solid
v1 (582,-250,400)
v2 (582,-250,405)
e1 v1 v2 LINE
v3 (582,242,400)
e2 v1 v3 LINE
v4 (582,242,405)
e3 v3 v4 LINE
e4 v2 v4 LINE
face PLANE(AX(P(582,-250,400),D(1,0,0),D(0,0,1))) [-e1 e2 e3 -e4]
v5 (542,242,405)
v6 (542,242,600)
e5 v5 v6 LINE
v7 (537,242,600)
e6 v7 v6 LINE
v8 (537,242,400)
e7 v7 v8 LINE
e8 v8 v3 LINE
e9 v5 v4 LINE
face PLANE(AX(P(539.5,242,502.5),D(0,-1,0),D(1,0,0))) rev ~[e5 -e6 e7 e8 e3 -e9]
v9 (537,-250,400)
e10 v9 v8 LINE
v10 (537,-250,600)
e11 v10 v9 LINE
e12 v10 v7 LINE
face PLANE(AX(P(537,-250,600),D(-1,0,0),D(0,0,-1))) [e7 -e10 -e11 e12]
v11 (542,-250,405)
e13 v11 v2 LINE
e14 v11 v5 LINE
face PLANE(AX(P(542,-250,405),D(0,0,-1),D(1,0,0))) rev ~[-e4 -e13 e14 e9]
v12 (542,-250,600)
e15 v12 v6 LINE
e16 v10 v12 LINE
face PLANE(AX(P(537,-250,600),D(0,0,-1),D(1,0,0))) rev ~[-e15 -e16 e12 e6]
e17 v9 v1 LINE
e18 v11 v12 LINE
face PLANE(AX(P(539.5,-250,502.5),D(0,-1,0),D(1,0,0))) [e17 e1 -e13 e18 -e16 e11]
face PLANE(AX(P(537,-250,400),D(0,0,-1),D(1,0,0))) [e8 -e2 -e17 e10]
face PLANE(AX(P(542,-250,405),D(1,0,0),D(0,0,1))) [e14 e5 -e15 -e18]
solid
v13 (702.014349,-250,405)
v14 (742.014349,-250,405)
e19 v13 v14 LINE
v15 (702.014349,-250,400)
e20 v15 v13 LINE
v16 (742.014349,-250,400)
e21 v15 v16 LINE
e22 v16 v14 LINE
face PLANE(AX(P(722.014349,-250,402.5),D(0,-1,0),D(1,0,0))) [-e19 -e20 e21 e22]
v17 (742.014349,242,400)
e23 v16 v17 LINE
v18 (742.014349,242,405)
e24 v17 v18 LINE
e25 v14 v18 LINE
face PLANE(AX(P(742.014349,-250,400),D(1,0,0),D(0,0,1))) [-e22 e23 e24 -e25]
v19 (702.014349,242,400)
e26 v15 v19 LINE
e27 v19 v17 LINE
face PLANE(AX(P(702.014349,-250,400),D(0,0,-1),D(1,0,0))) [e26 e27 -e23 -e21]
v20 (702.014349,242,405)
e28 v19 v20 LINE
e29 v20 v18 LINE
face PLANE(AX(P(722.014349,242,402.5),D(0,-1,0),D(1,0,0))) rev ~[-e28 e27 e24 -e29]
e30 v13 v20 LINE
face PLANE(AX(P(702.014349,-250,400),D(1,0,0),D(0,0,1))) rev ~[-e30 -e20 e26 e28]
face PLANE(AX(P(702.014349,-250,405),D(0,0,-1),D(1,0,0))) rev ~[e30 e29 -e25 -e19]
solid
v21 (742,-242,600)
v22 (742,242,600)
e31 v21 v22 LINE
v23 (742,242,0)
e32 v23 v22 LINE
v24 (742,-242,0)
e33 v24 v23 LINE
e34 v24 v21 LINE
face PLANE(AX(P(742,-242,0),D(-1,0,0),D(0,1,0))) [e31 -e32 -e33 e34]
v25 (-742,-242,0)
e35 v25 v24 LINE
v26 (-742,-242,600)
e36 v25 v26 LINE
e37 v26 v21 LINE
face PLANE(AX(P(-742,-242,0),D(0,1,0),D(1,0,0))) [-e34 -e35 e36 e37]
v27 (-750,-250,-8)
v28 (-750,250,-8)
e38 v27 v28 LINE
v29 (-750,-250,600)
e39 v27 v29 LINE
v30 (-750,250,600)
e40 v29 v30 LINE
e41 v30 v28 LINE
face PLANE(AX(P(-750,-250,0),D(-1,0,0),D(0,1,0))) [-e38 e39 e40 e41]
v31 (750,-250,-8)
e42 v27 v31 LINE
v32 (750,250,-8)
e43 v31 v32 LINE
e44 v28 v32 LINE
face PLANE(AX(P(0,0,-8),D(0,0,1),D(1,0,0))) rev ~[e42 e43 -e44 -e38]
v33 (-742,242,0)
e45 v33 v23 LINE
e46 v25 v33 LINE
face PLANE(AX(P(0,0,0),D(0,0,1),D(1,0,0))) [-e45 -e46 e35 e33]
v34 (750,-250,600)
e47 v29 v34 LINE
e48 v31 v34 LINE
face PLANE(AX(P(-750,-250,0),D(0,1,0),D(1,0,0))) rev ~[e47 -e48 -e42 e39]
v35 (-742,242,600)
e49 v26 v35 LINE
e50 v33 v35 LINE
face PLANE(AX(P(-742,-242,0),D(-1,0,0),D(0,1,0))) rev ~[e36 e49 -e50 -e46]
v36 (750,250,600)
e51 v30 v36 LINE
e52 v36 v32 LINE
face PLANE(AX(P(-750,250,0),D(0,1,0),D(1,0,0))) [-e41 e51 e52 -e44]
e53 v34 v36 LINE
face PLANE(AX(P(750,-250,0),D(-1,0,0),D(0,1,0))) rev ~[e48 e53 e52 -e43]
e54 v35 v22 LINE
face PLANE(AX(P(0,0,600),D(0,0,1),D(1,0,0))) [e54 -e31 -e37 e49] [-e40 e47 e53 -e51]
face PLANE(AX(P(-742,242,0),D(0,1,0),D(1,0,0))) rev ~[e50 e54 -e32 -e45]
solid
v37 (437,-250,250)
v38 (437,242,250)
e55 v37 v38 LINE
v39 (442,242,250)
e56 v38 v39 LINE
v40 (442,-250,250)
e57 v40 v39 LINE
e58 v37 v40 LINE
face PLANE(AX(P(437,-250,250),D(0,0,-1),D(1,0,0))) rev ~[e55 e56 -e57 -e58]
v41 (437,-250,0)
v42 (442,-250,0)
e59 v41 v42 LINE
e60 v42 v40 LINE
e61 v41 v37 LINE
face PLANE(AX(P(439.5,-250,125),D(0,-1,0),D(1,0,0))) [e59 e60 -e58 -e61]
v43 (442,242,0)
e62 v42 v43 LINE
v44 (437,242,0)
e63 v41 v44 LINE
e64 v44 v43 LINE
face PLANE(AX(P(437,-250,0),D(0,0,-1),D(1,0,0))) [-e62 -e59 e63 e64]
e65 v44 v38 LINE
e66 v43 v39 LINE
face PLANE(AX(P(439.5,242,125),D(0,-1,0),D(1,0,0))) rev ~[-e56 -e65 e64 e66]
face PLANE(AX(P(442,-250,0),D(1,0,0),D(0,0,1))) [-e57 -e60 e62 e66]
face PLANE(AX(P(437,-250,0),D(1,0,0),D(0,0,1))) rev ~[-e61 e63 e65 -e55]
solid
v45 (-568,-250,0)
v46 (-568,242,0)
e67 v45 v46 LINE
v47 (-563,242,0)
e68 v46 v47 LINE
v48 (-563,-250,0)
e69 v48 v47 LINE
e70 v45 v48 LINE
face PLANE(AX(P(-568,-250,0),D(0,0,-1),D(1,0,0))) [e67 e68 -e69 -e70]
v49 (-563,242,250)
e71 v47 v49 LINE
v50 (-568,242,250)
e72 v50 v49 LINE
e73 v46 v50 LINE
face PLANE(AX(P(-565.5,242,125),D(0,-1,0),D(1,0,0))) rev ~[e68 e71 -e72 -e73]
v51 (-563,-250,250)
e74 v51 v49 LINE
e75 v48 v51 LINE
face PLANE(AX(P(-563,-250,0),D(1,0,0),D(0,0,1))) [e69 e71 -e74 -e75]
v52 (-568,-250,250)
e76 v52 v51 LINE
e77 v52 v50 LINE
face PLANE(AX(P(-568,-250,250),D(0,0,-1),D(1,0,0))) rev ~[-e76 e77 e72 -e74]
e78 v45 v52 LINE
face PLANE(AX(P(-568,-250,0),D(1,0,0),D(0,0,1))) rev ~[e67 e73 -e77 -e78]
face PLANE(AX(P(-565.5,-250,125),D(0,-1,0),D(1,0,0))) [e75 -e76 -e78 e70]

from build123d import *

# Parameters (mm, degrees)
F0_W     = 1500
F0_H     = 500
F0_W_2   = 1484
F0_H_2   = 484
F1_DEPTH = 8
F2_DEPTH = 600
F4_W     = 5
F4_H     = 195
F4_W_2   = 40
F4_H_2   = 5
F4_H_3   = 250
F5_DEPTH = 492


with BuildPart() as f1:
    # F0 (on Top) → F1 (new body)
    with BuildSketch(Plane.XY):
        Rectangle(F0_W, F0_H)
        Rectangle(F0_W_2, F0_H_2, mode=Mode.SUBTRACT)
        Rectangle(F0_W_2, F0_H_2)
    extrude(amount=-F1_DEPTH)


with BuildPart() as f2:
    # F0 (on Top) → F2 (new body)
    with BuildSketch(Plane.XY):
        Rectangle(F0_W, F0_H)
        Rectangle(F0_W_2, F0_H_2, mode=Mode.SUBTRACT)
    extrude(amount=F2_DEPTH)


with BuildPart() as f1_1:
    add(f1.part)

    # F3: union F2
    add(f2.part)


with BuildPart() as f5:
    # F4 (on face) → F5 (new body, through all)
    with BuildSketch(Plane.XZ.offset(250)):
        with Locations((539.5, 502.5)):
            Rectangle(F4_W, F4_H)
        with Locations((562, 402.5)):
            Rectangle(F4_W_2, F4_H_2)
        with Locations((539.5, 402.5)):
            Rectangle(F4_W, F4_H_2)
        with Locations((722.014349, 402.5)):
            Rectangle(F4_W_2, F4_H_2)
        with Locations((439.5, 125)):
            Rectangle(F4_W, F4_H_3)
        with Locations((-565.5, 125)):
            Rectangle(F4_W, F4_H_3)
    extrude(amount=-F5_DEPTH)


solid = Compound([f1_1.part, f5.part])
